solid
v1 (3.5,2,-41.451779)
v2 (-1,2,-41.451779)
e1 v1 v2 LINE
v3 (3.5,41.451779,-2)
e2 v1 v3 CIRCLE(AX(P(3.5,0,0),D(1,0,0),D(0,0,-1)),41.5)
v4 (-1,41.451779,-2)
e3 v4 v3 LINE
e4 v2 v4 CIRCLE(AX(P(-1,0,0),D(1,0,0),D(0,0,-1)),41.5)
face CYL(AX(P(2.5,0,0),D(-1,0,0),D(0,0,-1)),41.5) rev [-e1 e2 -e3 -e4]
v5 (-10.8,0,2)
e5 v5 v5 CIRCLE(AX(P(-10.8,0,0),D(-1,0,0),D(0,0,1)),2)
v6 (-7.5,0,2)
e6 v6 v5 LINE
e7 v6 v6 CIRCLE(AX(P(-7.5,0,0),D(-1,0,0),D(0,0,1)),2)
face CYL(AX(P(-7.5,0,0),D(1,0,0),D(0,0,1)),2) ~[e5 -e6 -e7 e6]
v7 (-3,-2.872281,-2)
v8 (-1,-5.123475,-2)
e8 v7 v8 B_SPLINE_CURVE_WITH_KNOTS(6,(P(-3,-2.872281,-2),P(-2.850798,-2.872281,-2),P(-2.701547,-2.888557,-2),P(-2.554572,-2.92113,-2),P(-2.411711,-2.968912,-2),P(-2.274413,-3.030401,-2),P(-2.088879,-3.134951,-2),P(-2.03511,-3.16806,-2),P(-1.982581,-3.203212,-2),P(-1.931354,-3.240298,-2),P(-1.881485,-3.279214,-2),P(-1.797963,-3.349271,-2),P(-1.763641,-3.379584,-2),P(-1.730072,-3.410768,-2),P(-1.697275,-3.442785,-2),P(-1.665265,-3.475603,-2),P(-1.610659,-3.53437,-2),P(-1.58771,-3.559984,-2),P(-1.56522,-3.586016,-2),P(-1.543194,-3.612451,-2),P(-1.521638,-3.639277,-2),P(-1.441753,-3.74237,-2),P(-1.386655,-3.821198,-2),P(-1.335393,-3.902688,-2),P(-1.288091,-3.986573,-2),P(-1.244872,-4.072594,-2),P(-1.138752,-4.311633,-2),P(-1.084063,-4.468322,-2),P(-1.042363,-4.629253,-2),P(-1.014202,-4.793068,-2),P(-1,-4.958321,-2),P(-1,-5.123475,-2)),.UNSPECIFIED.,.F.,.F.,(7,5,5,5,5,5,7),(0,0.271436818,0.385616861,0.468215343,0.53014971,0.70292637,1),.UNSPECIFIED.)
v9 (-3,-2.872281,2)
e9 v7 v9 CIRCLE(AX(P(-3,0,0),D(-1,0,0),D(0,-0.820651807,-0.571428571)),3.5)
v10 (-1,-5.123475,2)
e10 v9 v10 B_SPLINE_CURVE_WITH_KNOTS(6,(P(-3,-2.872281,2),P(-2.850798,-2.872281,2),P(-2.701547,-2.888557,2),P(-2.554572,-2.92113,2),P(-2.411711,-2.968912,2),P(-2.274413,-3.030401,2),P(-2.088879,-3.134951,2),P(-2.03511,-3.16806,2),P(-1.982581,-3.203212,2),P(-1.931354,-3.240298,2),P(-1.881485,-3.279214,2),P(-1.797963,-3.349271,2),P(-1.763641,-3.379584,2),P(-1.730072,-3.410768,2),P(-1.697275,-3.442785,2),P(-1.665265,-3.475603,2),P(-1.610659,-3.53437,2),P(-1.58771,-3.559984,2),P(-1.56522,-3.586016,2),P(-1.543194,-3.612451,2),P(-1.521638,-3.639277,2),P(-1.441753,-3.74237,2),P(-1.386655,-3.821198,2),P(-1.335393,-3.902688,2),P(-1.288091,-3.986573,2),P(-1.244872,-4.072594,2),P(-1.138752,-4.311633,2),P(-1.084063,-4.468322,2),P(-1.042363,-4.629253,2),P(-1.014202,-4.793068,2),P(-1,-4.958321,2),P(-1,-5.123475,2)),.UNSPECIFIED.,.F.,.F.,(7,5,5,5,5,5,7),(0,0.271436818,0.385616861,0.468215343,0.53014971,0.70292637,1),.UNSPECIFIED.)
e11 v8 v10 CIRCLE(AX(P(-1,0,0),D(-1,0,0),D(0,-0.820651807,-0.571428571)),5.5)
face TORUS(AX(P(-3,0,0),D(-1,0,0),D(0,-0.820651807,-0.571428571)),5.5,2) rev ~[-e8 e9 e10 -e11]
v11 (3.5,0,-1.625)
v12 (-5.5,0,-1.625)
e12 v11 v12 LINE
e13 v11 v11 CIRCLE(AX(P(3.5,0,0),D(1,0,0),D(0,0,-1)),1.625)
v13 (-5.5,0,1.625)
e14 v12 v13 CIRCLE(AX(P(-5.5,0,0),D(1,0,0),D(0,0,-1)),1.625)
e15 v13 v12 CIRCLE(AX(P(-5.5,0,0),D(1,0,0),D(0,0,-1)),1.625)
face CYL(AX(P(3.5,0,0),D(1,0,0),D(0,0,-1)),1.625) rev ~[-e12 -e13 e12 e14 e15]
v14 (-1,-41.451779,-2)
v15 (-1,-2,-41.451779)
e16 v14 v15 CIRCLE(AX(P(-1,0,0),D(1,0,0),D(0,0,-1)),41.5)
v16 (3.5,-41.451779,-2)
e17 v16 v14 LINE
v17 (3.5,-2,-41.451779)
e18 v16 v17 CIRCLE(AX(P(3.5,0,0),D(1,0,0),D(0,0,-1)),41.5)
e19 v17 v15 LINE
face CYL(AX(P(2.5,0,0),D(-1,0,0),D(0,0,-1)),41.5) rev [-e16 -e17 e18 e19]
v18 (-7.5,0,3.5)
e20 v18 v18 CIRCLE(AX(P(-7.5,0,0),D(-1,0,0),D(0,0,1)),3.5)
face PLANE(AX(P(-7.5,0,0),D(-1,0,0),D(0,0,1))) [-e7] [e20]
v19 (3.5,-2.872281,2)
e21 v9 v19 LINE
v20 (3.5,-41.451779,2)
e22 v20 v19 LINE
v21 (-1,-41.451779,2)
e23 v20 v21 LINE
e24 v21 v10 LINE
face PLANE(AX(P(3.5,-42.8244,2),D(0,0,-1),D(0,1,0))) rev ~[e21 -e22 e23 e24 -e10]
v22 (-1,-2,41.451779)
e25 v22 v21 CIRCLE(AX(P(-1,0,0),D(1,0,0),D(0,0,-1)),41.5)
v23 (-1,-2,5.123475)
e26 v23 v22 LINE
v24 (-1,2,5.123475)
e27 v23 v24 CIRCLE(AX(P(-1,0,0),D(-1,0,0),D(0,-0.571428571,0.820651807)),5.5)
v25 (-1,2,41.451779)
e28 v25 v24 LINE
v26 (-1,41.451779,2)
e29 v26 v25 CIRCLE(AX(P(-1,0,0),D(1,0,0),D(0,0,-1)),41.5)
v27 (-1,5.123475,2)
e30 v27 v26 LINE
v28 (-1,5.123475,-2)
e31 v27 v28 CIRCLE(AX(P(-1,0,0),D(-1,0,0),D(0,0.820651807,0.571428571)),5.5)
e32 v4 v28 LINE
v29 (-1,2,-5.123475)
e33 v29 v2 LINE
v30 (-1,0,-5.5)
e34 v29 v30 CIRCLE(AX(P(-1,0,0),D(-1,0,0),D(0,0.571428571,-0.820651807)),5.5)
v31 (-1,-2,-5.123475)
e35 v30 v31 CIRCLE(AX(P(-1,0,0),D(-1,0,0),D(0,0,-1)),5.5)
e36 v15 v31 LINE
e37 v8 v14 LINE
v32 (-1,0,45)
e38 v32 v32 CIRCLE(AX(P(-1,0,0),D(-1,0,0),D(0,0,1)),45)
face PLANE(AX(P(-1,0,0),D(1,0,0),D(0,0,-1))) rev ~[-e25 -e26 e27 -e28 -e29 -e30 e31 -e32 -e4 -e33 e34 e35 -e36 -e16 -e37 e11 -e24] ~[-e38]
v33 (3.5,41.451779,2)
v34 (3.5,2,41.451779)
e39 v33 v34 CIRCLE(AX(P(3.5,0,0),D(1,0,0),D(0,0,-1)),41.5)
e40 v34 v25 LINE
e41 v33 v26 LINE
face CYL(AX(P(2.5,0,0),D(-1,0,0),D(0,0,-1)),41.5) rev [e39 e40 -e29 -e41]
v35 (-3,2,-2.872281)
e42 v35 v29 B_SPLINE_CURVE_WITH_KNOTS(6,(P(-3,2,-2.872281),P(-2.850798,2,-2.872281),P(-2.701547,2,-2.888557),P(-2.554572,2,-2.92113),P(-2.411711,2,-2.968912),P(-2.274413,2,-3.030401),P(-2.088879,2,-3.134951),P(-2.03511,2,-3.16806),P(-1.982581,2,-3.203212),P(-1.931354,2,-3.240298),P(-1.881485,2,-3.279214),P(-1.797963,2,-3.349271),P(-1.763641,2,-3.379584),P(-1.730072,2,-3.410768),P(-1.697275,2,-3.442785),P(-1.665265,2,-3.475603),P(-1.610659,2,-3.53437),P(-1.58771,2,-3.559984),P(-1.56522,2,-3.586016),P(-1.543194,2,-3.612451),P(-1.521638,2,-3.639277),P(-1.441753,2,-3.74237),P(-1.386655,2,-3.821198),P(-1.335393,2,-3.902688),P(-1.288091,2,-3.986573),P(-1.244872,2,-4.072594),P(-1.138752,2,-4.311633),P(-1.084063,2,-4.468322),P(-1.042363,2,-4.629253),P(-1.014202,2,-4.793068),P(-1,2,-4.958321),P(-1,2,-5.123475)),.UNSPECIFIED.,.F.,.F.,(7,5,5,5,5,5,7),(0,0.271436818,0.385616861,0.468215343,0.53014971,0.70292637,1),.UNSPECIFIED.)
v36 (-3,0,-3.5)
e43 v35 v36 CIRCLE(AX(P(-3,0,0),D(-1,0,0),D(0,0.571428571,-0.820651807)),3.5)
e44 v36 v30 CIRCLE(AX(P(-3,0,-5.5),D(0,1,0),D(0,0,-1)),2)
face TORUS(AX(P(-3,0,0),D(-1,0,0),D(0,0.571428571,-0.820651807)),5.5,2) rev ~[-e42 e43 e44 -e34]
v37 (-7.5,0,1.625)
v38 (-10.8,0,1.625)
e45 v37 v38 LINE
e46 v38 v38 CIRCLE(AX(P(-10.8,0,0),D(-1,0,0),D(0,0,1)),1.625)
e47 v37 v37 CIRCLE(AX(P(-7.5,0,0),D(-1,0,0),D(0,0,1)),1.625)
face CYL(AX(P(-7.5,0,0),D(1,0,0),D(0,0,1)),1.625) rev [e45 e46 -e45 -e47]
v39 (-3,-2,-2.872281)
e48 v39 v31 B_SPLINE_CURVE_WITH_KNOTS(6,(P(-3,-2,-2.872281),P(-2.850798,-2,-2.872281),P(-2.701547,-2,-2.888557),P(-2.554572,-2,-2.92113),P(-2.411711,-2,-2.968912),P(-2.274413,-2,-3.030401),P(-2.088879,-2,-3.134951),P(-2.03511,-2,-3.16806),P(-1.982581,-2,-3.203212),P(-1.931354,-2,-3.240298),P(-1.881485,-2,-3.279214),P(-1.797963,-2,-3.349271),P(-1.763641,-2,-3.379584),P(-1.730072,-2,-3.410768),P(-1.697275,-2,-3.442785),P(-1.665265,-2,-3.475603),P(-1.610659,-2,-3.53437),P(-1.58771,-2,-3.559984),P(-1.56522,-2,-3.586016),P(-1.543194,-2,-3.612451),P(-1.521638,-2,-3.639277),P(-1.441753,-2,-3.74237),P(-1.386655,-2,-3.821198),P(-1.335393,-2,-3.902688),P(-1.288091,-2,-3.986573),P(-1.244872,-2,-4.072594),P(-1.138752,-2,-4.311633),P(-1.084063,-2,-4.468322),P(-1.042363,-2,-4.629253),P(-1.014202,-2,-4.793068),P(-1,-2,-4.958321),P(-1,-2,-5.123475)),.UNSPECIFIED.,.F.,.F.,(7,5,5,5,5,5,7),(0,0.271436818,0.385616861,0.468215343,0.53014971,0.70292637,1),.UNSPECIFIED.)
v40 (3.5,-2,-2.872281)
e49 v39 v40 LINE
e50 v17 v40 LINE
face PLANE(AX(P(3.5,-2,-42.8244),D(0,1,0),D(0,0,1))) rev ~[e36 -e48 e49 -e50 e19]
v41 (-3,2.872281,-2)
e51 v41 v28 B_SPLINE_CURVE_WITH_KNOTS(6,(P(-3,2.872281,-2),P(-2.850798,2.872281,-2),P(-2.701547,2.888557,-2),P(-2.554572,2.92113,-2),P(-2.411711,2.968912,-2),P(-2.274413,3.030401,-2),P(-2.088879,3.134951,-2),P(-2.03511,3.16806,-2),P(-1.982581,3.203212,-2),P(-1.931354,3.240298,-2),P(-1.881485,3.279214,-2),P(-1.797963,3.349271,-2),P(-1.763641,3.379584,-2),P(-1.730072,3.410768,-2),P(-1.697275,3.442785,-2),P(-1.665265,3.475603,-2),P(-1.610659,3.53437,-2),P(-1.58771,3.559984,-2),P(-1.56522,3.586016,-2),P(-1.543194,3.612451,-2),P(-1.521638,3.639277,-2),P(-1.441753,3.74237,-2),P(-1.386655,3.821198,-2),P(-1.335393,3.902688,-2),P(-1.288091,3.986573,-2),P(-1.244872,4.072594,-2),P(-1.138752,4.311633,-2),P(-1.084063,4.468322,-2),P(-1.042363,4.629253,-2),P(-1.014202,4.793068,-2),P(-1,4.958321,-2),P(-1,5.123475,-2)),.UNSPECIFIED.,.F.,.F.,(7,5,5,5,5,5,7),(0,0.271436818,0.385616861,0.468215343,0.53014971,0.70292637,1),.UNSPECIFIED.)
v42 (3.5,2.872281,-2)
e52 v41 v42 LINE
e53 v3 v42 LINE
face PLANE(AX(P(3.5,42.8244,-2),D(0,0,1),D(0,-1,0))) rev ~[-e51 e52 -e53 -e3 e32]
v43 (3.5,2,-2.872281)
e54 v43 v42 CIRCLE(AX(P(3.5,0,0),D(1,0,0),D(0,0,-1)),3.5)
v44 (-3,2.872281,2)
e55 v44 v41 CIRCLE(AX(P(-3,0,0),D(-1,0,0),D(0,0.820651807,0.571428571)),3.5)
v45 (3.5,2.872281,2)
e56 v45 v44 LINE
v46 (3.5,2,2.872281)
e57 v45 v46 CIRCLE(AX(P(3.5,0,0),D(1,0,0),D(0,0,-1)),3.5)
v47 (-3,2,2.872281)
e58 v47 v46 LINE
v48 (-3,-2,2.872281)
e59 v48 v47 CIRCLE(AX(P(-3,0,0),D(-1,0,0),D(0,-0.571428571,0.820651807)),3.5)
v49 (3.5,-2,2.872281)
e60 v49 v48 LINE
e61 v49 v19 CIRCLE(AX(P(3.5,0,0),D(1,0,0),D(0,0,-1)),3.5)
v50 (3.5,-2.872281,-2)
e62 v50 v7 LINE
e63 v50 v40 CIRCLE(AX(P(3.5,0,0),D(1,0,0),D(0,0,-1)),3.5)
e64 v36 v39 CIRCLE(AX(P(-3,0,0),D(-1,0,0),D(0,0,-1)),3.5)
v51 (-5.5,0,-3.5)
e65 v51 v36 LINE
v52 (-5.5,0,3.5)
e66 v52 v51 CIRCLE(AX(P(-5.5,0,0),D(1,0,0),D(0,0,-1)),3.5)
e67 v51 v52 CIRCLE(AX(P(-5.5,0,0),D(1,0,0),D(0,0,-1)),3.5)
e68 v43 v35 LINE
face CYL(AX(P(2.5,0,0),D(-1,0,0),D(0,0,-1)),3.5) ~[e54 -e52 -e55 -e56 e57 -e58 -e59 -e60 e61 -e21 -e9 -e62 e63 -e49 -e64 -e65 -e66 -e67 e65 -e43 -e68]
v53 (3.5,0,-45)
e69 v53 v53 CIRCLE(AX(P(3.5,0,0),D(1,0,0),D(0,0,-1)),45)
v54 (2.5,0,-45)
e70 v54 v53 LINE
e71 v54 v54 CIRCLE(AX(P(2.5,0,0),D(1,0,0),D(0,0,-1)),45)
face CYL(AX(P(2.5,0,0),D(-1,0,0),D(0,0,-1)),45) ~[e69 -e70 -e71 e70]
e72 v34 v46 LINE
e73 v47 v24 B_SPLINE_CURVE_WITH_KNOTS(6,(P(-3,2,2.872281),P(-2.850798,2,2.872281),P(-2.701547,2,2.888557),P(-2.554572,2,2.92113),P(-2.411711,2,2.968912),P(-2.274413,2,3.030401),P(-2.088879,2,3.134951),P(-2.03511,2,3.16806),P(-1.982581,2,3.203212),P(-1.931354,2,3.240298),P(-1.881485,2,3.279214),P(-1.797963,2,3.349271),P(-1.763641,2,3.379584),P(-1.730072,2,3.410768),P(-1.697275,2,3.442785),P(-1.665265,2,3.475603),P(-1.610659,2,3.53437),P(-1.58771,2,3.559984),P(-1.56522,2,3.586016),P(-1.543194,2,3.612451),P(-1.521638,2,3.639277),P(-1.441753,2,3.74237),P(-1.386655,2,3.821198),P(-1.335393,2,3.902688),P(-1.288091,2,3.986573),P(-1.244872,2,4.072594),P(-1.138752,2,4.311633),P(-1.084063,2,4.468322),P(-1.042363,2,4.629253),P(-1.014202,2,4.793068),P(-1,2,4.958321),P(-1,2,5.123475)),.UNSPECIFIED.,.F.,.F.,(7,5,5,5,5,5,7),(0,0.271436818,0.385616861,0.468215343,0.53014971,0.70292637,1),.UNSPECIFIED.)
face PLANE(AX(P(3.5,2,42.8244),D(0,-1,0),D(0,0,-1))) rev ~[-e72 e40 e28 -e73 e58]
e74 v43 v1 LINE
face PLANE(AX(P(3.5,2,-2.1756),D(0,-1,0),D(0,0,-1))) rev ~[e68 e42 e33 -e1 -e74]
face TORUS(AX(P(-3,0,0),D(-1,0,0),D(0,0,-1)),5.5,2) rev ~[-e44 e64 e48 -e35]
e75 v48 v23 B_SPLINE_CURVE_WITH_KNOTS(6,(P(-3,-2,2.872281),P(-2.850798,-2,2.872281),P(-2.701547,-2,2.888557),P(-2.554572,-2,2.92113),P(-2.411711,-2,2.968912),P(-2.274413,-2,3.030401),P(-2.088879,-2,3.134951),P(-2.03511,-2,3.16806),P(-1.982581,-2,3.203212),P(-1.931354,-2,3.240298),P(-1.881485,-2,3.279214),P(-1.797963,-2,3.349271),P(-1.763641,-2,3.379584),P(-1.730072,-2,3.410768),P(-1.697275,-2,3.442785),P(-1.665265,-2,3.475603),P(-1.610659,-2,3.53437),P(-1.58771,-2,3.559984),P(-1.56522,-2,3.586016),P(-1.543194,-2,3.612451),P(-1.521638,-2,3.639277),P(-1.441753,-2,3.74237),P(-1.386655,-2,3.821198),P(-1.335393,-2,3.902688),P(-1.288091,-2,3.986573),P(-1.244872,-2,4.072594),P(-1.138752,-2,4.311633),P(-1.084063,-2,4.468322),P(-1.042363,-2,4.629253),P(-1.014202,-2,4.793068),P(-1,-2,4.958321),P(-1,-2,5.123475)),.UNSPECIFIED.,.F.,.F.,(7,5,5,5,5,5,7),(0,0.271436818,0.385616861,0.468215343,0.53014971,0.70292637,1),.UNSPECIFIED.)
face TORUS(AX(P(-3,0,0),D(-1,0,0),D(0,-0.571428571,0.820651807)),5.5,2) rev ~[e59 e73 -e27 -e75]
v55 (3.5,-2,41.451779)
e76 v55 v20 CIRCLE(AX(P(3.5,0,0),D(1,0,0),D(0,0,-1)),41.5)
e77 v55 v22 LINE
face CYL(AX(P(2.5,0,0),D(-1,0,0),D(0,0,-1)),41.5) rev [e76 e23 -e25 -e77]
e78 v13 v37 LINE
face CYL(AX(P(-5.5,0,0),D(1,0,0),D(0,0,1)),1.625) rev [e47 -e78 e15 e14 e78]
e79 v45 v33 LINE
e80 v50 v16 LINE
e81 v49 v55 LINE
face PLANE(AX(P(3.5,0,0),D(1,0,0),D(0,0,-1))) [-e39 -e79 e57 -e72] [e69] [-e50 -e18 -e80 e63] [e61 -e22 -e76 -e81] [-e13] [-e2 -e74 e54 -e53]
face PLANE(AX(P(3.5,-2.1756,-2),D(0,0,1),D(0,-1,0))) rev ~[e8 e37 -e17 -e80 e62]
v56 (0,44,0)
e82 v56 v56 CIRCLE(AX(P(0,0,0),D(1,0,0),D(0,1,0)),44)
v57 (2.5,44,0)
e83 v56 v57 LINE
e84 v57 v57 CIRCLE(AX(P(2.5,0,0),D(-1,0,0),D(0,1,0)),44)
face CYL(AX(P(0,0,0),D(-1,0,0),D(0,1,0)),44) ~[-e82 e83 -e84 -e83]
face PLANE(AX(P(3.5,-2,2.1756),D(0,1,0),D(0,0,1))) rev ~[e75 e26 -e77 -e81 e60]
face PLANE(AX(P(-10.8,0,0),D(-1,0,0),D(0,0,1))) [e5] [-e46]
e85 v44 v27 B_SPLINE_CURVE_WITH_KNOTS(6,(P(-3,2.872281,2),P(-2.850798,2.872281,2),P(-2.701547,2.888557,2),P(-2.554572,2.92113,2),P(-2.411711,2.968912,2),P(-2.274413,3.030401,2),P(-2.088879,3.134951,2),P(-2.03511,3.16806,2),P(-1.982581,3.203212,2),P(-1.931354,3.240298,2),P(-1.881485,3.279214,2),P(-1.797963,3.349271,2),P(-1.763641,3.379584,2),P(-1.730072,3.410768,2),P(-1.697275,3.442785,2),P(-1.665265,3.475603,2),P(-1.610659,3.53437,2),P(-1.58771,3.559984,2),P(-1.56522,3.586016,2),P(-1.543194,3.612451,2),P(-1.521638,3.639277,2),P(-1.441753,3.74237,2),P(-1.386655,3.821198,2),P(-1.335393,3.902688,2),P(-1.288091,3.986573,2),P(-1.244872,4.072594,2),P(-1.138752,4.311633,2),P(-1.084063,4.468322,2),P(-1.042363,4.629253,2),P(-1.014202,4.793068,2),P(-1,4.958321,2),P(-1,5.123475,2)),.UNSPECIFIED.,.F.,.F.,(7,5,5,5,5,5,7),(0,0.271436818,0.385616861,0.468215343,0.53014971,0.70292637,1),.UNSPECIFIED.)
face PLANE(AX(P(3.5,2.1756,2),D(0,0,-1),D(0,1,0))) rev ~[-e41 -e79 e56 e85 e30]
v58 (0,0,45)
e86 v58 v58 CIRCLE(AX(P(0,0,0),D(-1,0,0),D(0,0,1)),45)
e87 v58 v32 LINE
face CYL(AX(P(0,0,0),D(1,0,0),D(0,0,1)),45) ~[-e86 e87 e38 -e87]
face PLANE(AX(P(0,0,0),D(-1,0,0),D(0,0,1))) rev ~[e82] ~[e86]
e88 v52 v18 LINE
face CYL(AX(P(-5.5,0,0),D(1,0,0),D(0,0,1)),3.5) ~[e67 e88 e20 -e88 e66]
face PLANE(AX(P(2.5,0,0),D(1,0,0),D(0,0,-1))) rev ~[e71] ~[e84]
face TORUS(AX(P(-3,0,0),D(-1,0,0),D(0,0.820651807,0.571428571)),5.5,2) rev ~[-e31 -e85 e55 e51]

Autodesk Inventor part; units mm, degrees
ref_plane "YZ Plane" through (0, 0, 0) normal (1, 0, 0) x (0, 1, 0)
ref_plane "XZ Plane" through (0, 0, 0) normal (0, 1, 0) x (-1, 0, 0)
ref_plane "XY Plane" through (0, 0, 0) normal (0, 0, 1) x (1, 0, 0)
sketch "Sketch1" plane through (0, 0, 0) normal (1, 0, 0) x (0, 1, 0)
  circle A0 centre (0, 0) radius 44
  dimension "d0" = 88
extrude "Extrusion1" add sketch "Sketch1" along normal blind 3.5
sketch "Sketch2" plane through (3.5, 0, 0) normal (1, 0, 0) x (0, 0, -1)
  circle A0 centre (0, 0) radius 45
  dimension "d3" = 90
extrude "Extrusion2" add sketch "Sketch2" along normal blind 1
sketch "Sketch3" plane through (0, 0, 0) normal (-1, 0, 0) x (0, 0, 1)
  circle A0 centre (0, 0) radius 45
  dimension "d6" = 90
extrude "Extrusion3" add sketch "Sketch3" along normal blind 1
sketch "Sketch4" plane through (4.5, 0, 0) normal (1, 0, 0) x (0, 0, -1)
  circle A0 centre (0, 0) radius 41.5
  dimension "d9" = 83
extrude "Extrusion4" cut sketch "Sketch4" against normal blind 6
sketch "Sketch5" plane through (4.5, 0, 0) normal (1, 0, 0) x (0, 0, -1)
  circle A0 centre (0, 0) radius 3.5
  dimension "d12" = 7
extrude "Extrusion5" add sketch "Sketch5" against normal blind 10
sketch "Sketch6" plane through (4.5, 0, 0) normal (1, 0, 0) x (0, 0, -1)
  circle A0 centre (0, 0) radius 45
extrude "Extrusion6" cut sketch "Sketch6" against normal blind 2
sketch "Sketch7" plane through (2.5, 0, 0) normal (1, 0, 0) x (0, 0, -1)
  circle A0 centre (0, 0) radius 3.5 projected
  circle A1 centre (0, 0) radius 41.5
  circle A2 centre (0, 0) radius 45
extrude "Extrusion7" add sketch "Sketch7" along normal blind 1 contours A2
sketch "Sketch8" plane through (2.5, 0, 0) normal (1, 0, 0) x (0, 0, -1)
  circle A0 centre (0, 0) radius 3.5
extrude "Extrusion8" add sketch "Sketch8" along normal blind 1
sketch "Sketch9" plane through (3.5, 0, 0) normal (1, 0, 0) x (0, 0, -1)
  circle A0 centre (0, 0) radius 1.625
  dimension "d21" = 3.25
extrude "Extrusion9" cut sketch "Sketch9" against normal blind 10
sketch "Sketch10" plane through (3.5, 0, 0) normal (1, 0, 0) x (0, 0, -1)
  line L0 (2, 2.1756) -> (-2, 2.1756)
  line L1 (-2, 2.1756) -> (-2, 42.8244)
  line L2 (-2, 42.8244) -> (2, 42.8244)
  line L3 (2, 42.8244) -> (2, 2.1756)
  line L4 (2, 2.1756) -> (-2, 42.8244) construction
  line L5 (-2, 2.1756) -> (2, 42.8244) construction
  point P0 (0, 0)
  point P1 (0, 22.5)
  dimension "d24" = 4
extrude "Extrusion10" add sketch "Sketch10" against normal blind 4.5
pattern_circular "Circular Pattern1" count 4 over 360 about axis through (4.5, 0, 0) along (-1, 0, 0) of "Extrusion10"
fillet "Fillet1" radius 2 5 edges at (-1, 0, 3.5) (-1, -3.5, 0) (-1, 3.5, 0) (-1, -1.0481, -3.3394) (-1, 1.0481, -3.3394)
sketch "Sketch11" plane through (-5.5, 0, 0) normal (-1, 0, 0) x (0, 0, 1)
  circle A0 centre (0, 0) radius 1.625
  circle A1 centre (0, 0) radius 3.5
extrude "Extrusion11" add sketch "Sketch11" along normal blind 2
sketch "Sketch12" plane through (-7.5, 0, 0) normal (-1, 0, 0) x (0, 0, 1)
  circle A0 centre (0, 0) radius 1.625
  circle A1 centre (0, 0) radius 2
  dimension "d33" = 4
extrude "Extrusion12" add sketch "Sketch12" along normal blind 3.3
properties part number "mtv_pushingWheel_2-25"
